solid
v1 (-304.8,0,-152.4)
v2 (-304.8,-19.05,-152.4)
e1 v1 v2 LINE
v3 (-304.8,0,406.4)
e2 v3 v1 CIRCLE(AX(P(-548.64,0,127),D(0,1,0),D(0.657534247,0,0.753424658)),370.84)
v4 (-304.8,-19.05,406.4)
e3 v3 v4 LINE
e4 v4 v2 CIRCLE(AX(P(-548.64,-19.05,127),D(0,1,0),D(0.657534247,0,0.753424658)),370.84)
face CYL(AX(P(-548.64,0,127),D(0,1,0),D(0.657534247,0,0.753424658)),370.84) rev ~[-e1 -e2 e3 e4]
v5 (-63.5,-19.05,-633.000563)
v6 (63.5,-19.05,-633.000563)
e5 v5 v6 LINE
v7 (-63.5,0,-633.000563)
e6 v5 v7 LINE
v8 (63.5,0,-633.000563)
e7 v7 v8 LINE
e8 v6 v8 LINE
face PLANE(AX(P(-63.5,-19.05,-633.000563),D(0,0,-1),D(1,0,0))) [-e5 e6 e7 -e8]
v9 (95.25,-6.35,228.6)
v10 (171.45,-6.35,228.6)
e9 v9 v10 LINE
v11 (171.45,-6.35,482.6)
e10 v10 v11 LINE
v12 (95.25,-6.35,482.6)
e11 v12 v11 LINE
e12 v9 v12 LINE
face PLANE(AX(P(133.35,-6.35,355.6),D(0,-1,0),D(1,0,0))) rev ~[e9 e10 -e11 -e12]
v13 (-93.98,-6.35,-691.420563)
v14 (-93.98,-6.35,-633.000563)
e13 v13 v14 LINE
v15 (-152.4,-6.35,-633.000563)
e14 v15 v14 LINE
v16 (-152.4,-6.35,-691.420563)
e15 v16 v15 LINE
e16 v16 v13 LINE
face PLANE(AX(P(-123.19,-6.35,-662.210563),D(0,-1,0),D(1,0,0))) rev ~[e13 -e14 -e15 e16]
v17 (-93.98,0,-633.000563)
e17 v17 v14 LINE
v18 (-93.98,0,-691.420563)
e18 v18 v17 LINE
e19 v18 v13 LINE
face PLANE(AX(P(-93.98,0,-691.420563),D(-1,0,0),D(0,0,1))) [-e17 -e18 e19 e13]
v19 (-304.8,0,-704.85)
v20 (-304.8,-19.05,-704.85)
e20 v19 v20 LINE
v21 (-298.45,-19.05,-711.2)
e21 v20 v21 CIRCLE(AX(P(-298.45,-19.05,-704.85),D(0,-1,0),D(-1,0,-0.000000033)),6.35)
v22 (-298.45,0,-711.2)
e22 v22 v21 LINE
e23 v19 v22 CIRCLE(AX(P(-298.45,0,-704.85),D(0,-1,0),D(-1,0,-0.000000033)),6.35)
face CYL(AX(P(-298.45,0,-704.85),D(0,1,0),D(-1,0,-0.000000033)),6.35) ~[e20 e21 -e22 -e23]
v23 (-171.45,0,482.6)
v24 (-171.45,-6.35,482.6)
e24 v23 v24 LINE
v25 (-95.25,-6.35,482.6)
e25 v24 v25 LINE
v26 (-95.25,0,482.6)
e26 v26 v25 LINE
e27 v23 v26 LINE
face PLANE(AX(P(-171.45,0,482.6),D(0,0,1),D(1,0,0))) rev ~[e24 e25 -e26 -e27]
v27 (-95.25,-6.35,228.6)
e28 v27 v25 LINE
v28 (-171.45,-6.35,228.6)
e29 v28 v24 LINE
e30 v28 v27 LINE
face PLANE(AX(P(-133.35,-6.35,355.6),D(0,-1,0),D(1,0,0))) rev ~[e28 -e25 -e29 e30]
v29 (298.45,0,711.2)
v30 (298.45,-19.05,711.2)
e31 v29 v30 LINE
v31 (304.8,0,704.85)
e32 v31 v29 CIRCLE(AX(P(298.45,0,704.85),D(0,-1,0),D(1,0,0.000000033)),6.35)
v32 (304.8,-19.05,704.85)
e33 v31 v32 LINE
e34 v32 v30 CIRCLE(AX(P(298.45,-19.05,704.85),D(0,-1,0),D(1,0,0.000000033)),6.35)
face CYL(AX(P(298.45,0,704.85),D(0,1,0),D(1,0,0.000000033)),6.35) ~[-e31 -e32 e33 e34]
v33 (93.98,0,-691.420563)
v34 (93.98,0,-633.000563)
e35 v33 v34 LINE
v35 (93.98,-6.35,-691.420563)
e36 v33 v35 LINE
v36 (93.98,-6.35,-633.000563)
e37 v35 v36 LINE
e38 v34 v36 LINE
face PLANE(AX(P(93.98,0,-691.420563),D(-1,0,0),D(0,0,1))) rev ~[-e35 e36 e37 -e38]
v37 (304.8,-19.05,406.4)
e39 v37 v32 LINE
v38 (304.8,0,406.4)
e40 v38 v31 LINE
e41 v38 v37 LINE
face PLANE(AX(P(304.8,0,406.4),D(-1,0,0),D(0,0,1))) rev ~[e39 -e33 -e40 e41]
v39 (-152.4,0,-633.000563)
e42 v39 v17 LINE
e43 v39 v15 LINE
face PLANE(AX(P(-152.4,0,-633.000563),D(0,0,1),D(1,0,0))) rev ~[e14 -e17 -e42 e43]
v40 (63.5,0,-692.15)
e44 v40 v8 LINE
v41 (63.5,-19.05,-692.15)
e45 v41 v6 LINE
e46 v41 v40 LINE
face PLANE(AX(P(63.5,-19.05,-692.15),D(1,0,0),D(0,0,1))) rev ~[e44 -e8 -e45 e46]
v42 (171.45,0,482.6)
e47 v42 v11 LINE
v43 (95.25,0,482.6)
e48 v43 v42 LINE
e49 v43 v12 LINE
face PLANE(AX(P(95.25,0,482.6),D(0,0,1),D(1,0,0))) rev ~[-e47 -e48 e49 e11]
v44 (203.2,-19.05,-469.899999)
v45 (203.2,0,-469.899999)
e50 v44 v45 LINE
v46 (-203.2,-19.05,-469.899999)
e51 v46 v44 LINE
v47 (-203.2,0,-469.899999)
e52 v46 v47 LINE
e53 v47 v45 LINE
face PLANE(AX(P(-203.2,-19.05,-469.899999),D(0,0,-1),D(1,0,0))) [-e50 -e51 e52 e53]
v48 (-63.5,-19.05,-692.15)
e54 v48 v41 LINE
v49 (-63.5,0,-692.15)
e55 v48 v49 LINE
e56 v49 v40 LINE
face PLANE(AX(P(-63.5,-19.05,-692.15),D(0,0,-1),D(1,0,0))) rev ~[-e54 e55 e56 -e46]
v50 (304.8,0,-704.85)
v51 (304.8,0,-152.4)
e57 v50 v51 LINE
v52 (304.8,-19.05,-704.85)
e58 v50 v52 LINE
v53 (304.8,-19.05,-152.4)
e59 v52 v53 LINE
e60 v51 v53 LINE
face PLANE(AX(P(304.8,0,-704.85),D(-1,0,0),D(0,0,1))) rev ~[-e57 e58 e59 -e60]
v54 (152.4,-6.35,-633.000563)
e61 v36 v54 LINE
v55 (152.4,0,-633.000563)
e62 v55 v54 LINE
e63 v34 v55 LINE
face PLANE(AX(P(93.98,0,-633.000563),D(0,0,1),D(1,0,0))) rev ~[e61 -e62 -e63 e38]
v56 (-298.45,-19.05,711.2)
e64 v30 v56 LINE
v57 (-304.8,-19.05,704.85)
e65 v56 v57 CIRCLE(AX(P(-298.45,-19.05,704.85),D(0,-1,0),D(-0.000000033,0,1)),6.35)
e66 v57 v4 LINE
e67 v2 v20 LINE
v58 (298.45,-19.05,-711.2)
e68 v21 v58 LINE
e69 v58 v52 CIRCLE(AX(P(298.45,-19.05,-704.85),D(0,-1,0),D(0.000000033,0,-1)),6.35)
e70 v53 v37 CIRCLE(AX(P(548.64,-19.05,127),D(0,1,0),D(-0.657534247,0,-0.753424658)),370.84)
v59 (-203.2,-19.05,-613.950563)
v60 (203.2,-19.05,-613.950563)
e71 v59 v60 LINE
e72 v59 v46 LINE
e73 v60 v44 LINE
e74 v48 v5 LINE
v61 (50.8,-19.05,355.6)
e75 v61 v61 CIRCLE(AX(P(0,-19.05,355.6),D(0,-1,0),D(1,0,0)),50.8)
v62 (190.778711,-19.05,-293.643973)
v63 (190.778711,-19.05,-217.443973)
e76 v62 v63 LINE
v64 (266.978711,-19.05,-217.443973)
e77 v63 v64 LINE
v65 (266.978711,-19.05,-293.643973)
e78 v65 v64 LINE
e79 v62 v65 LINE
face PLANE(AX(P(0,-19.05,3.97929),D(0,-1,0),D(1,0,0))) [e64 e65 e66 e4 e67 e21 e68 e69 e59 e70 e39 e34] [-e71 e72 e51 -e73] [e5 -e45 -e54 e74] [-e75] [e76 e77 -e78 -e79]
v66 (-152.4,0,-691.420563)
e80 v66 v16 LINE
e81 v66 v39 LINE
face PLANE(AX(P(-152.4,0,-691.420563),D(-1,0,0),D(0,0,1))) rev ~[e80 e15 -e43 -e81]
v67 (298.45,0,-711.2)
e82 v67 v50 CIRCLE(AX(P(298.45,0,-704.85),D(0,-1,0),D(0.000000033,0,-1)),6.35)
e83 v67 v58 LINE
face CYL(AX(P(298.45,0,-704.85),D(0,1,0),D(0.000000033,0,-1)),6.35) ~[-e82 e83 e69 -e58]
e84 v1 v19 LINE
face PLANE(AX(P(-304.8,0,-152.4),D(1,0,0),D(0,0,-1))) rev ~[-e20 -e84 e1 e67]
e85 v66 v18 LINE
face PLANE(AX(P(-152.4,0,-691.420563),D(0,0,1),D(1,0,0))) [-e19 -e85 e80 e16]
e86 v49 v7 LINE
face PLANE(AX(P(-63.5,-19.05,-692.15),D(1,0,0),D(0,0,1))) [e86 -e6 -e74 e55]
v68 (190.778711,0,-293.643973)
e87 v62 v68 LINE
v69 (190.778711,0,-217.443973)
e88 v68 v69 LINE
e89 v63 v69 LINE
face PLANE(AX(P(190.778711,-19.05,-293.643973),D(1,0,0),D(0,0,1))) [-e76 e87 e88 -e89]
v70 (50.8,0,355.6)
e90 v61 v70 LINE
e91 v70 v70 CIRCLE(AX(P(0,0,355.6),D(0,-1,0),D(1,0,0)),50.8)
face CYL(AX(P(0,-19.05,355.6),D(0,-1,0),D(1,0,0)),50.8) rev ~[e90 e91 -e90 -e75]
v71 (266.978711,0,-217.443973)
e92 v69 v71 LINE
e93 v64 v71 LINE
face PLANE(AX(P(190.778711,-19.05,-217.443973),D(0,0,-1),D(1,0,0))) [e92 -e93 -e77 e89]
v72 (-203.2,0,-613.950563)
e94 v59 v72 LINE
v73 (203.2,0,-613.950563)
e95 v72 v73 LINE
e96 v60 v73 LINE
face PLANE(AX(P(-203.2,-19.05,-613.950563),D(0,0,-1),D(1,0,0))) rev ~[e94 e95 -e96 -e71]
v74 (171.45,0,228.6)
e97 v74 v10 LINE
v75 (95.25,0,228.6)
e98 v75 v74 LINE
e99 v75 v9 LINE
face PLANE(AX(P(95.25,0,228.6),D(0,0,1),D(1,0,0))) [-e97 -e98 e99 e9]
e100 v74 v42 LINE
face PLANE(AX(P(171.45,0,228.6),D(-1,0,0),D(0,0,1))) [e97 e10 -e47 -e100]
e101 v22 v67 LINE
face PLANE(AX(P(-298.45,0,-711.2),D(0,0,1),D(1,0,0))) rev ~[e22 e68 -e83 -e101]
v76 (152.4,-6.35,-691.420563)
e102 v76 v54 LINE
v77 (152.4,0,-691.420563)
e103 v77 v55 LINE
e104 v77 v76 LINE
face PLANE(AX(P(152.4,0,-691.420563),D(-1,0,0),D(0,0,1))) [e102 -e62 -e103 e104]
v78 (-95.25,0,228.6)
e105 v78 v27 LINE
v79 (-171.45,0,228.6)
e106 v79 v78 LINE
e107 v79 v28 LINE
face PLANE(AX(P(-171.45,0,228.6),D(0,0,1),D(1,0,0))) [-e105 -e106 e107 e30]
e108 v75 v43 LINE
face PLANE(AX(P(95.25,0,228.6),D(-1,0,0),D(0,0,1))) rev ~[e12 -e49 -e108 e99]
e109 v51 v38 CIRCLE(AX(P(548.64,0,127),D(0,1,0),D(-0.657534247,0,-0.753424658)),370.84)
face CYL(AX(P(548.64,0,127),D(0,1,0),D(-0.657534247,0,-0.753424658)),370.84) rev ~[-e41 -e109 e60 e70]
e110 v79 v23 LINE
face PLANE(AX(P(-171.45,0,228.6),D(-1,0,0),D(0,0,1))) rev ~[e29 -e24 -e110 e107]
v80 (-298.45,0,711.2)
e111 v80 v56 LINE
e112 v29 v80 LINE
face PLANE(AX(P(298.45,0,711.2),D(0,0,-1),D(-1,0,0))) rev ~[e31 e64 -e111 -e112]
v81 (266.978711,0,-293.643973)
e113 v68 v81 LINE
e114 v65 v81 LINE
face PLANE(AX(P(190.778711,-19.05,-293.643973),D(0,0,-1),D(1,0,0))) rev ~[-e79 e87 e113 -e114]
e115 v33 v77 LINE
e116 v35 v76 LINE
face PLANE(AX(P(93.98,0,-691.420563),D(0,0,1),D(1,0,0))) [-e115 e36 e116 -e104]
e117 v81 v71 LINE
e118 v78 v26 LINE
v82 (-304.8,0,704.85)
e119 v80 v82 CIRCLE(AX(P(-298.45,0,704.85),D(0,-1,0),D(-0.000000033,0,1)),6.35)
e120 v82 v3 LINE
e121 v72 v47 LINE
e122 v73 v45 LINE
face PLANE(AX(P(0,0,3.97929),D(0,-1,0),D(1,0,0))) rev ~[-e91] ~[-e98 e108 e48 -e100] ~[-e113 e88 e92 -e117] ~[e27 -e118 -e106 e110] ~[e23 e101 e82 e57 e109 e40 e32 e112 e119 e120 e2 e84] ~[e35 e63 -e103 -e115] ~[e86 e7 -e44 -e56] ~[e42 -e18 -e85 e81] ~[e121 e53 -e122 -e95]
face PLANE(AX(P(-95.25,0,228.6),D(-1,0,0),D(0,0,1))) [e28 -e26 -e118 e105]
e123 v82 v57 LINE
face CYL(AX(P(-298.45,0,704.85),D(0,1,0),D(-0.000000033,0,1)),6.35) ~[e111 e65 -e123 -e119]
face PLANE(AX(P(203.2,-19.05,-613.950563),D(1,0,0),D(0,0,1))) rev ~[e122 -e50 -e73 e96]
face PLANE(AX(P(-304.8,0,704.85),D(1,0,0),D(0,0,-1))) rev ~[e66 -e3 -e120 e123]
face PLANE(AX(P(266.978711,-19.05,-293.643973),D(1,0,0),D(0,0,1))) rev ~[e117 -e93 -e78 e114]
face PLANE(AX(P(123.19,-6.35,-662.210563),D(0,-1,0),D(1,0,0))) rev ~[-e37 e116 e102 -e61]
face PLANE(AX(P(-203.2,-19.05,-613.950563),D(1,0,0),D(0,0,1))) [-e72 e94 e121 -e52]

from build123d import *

# Parameters (mm, degrees)
F1_DEPTH = 19.05
F2_R     = 50.8
F2_W     = 76.2
F2_H     = 76.2
F2_W_2   = 406.4
F2_H_2   = 144.050563
F3_DEPTH = 19.051
F4_W     = 58.42
F4_H     = 58.42
F4_W_2   = 76.2
F4_H_2   = 254
F5_DEPTH = 6.35
F2_W_3   = 127
F2_H_3   = 59.149437
F6_DEPTH = 19.051


with BuildPart() as f1:
    # F0 (on Front) → F1 (new body)
    with BuildSketch(Plane.XZ):
        with BuildLine():
            Line((298.45, 711.2), (-298.45, 711.2))
            ThreePointArc((-298.45, 711.2), (-302.940128, 709.340128), (-304.8, 704.85))
            Line((-304.8, 704.85), (-304.8, 406.4))
            ThreePointArc((-304.8, 406.4), (-177.8, 127), (-304.8, -152.4))
            Line((-304.8, -152.4), (-304.8, -704.85))
            ThreePointArc((-304.8, -704.85), (-302.940128, -709.340128), (-298.45, -711.2))
            Line((-298.45, -711.2), (298.45, -711.2))
            ThreePointArc((298.45, -711.2), (302.940128, -709.340128), (304.8, -704.85))
            Line((304.8, -704.85), (304.8, -152.4))
            ThreePointArc((304.8, -152.4), (177.8, 127), (304.8, 406.4))
            Line((304.8, 406.4), (304.8, 704.85))
            ThreePointArc((304.8, 704.85), (302.940128, 709.340128), (298.45, 711.2))
        make_face()
    extrude(amount=F1_DEPTH)

    # F2 (on face) → F3 (cut, through all)
    with BuildSketch(Plane.XZ.offset(19.05)):
        with Locations((0, 355.6)):
            Circle(F2_R)
        with Locations((228.878711, -255.543973)):
            Rectangle(F2_W, F2_H)
        with Locations((0, -541.925281)):
            Rectangle(F2_W_2, F2_H_2)
    extrude(amount=-F3_DEPTH, mode=Mode.SUBTRACT)

    # F4 (on face) → F5 (cut)
    with BuildSketch(Plane.XZ):
        with Locations((123.19, -662.210563)):
            Rectangle(F4_W, F4_H)
        with Locations((-123.19, -662.210563)):
            Rectangle(F4_W, F4_H)
        with Locations((133.35, 355.6)):
            Rectangle(F4_W_2, F4_H_2)
        with Locations((-133.35, 355.6)):
            Rectangle(F4_W_2, F4_H_2)
    extrude(amount=F5_DEPTH, mode=Mode.SUBTRACT)

    # F2 (on face) → F6 (cut, through all)
    with BuildSketch(Plane.XZ.offset(19.05)):
        with Locations((0, -662.575281)):
            Rectangle(F2_W_3, F2_H_3)
    extrude(amount=-F6_DEPTH, mode=Mode.SUBTRACT)


solid = f1.part
